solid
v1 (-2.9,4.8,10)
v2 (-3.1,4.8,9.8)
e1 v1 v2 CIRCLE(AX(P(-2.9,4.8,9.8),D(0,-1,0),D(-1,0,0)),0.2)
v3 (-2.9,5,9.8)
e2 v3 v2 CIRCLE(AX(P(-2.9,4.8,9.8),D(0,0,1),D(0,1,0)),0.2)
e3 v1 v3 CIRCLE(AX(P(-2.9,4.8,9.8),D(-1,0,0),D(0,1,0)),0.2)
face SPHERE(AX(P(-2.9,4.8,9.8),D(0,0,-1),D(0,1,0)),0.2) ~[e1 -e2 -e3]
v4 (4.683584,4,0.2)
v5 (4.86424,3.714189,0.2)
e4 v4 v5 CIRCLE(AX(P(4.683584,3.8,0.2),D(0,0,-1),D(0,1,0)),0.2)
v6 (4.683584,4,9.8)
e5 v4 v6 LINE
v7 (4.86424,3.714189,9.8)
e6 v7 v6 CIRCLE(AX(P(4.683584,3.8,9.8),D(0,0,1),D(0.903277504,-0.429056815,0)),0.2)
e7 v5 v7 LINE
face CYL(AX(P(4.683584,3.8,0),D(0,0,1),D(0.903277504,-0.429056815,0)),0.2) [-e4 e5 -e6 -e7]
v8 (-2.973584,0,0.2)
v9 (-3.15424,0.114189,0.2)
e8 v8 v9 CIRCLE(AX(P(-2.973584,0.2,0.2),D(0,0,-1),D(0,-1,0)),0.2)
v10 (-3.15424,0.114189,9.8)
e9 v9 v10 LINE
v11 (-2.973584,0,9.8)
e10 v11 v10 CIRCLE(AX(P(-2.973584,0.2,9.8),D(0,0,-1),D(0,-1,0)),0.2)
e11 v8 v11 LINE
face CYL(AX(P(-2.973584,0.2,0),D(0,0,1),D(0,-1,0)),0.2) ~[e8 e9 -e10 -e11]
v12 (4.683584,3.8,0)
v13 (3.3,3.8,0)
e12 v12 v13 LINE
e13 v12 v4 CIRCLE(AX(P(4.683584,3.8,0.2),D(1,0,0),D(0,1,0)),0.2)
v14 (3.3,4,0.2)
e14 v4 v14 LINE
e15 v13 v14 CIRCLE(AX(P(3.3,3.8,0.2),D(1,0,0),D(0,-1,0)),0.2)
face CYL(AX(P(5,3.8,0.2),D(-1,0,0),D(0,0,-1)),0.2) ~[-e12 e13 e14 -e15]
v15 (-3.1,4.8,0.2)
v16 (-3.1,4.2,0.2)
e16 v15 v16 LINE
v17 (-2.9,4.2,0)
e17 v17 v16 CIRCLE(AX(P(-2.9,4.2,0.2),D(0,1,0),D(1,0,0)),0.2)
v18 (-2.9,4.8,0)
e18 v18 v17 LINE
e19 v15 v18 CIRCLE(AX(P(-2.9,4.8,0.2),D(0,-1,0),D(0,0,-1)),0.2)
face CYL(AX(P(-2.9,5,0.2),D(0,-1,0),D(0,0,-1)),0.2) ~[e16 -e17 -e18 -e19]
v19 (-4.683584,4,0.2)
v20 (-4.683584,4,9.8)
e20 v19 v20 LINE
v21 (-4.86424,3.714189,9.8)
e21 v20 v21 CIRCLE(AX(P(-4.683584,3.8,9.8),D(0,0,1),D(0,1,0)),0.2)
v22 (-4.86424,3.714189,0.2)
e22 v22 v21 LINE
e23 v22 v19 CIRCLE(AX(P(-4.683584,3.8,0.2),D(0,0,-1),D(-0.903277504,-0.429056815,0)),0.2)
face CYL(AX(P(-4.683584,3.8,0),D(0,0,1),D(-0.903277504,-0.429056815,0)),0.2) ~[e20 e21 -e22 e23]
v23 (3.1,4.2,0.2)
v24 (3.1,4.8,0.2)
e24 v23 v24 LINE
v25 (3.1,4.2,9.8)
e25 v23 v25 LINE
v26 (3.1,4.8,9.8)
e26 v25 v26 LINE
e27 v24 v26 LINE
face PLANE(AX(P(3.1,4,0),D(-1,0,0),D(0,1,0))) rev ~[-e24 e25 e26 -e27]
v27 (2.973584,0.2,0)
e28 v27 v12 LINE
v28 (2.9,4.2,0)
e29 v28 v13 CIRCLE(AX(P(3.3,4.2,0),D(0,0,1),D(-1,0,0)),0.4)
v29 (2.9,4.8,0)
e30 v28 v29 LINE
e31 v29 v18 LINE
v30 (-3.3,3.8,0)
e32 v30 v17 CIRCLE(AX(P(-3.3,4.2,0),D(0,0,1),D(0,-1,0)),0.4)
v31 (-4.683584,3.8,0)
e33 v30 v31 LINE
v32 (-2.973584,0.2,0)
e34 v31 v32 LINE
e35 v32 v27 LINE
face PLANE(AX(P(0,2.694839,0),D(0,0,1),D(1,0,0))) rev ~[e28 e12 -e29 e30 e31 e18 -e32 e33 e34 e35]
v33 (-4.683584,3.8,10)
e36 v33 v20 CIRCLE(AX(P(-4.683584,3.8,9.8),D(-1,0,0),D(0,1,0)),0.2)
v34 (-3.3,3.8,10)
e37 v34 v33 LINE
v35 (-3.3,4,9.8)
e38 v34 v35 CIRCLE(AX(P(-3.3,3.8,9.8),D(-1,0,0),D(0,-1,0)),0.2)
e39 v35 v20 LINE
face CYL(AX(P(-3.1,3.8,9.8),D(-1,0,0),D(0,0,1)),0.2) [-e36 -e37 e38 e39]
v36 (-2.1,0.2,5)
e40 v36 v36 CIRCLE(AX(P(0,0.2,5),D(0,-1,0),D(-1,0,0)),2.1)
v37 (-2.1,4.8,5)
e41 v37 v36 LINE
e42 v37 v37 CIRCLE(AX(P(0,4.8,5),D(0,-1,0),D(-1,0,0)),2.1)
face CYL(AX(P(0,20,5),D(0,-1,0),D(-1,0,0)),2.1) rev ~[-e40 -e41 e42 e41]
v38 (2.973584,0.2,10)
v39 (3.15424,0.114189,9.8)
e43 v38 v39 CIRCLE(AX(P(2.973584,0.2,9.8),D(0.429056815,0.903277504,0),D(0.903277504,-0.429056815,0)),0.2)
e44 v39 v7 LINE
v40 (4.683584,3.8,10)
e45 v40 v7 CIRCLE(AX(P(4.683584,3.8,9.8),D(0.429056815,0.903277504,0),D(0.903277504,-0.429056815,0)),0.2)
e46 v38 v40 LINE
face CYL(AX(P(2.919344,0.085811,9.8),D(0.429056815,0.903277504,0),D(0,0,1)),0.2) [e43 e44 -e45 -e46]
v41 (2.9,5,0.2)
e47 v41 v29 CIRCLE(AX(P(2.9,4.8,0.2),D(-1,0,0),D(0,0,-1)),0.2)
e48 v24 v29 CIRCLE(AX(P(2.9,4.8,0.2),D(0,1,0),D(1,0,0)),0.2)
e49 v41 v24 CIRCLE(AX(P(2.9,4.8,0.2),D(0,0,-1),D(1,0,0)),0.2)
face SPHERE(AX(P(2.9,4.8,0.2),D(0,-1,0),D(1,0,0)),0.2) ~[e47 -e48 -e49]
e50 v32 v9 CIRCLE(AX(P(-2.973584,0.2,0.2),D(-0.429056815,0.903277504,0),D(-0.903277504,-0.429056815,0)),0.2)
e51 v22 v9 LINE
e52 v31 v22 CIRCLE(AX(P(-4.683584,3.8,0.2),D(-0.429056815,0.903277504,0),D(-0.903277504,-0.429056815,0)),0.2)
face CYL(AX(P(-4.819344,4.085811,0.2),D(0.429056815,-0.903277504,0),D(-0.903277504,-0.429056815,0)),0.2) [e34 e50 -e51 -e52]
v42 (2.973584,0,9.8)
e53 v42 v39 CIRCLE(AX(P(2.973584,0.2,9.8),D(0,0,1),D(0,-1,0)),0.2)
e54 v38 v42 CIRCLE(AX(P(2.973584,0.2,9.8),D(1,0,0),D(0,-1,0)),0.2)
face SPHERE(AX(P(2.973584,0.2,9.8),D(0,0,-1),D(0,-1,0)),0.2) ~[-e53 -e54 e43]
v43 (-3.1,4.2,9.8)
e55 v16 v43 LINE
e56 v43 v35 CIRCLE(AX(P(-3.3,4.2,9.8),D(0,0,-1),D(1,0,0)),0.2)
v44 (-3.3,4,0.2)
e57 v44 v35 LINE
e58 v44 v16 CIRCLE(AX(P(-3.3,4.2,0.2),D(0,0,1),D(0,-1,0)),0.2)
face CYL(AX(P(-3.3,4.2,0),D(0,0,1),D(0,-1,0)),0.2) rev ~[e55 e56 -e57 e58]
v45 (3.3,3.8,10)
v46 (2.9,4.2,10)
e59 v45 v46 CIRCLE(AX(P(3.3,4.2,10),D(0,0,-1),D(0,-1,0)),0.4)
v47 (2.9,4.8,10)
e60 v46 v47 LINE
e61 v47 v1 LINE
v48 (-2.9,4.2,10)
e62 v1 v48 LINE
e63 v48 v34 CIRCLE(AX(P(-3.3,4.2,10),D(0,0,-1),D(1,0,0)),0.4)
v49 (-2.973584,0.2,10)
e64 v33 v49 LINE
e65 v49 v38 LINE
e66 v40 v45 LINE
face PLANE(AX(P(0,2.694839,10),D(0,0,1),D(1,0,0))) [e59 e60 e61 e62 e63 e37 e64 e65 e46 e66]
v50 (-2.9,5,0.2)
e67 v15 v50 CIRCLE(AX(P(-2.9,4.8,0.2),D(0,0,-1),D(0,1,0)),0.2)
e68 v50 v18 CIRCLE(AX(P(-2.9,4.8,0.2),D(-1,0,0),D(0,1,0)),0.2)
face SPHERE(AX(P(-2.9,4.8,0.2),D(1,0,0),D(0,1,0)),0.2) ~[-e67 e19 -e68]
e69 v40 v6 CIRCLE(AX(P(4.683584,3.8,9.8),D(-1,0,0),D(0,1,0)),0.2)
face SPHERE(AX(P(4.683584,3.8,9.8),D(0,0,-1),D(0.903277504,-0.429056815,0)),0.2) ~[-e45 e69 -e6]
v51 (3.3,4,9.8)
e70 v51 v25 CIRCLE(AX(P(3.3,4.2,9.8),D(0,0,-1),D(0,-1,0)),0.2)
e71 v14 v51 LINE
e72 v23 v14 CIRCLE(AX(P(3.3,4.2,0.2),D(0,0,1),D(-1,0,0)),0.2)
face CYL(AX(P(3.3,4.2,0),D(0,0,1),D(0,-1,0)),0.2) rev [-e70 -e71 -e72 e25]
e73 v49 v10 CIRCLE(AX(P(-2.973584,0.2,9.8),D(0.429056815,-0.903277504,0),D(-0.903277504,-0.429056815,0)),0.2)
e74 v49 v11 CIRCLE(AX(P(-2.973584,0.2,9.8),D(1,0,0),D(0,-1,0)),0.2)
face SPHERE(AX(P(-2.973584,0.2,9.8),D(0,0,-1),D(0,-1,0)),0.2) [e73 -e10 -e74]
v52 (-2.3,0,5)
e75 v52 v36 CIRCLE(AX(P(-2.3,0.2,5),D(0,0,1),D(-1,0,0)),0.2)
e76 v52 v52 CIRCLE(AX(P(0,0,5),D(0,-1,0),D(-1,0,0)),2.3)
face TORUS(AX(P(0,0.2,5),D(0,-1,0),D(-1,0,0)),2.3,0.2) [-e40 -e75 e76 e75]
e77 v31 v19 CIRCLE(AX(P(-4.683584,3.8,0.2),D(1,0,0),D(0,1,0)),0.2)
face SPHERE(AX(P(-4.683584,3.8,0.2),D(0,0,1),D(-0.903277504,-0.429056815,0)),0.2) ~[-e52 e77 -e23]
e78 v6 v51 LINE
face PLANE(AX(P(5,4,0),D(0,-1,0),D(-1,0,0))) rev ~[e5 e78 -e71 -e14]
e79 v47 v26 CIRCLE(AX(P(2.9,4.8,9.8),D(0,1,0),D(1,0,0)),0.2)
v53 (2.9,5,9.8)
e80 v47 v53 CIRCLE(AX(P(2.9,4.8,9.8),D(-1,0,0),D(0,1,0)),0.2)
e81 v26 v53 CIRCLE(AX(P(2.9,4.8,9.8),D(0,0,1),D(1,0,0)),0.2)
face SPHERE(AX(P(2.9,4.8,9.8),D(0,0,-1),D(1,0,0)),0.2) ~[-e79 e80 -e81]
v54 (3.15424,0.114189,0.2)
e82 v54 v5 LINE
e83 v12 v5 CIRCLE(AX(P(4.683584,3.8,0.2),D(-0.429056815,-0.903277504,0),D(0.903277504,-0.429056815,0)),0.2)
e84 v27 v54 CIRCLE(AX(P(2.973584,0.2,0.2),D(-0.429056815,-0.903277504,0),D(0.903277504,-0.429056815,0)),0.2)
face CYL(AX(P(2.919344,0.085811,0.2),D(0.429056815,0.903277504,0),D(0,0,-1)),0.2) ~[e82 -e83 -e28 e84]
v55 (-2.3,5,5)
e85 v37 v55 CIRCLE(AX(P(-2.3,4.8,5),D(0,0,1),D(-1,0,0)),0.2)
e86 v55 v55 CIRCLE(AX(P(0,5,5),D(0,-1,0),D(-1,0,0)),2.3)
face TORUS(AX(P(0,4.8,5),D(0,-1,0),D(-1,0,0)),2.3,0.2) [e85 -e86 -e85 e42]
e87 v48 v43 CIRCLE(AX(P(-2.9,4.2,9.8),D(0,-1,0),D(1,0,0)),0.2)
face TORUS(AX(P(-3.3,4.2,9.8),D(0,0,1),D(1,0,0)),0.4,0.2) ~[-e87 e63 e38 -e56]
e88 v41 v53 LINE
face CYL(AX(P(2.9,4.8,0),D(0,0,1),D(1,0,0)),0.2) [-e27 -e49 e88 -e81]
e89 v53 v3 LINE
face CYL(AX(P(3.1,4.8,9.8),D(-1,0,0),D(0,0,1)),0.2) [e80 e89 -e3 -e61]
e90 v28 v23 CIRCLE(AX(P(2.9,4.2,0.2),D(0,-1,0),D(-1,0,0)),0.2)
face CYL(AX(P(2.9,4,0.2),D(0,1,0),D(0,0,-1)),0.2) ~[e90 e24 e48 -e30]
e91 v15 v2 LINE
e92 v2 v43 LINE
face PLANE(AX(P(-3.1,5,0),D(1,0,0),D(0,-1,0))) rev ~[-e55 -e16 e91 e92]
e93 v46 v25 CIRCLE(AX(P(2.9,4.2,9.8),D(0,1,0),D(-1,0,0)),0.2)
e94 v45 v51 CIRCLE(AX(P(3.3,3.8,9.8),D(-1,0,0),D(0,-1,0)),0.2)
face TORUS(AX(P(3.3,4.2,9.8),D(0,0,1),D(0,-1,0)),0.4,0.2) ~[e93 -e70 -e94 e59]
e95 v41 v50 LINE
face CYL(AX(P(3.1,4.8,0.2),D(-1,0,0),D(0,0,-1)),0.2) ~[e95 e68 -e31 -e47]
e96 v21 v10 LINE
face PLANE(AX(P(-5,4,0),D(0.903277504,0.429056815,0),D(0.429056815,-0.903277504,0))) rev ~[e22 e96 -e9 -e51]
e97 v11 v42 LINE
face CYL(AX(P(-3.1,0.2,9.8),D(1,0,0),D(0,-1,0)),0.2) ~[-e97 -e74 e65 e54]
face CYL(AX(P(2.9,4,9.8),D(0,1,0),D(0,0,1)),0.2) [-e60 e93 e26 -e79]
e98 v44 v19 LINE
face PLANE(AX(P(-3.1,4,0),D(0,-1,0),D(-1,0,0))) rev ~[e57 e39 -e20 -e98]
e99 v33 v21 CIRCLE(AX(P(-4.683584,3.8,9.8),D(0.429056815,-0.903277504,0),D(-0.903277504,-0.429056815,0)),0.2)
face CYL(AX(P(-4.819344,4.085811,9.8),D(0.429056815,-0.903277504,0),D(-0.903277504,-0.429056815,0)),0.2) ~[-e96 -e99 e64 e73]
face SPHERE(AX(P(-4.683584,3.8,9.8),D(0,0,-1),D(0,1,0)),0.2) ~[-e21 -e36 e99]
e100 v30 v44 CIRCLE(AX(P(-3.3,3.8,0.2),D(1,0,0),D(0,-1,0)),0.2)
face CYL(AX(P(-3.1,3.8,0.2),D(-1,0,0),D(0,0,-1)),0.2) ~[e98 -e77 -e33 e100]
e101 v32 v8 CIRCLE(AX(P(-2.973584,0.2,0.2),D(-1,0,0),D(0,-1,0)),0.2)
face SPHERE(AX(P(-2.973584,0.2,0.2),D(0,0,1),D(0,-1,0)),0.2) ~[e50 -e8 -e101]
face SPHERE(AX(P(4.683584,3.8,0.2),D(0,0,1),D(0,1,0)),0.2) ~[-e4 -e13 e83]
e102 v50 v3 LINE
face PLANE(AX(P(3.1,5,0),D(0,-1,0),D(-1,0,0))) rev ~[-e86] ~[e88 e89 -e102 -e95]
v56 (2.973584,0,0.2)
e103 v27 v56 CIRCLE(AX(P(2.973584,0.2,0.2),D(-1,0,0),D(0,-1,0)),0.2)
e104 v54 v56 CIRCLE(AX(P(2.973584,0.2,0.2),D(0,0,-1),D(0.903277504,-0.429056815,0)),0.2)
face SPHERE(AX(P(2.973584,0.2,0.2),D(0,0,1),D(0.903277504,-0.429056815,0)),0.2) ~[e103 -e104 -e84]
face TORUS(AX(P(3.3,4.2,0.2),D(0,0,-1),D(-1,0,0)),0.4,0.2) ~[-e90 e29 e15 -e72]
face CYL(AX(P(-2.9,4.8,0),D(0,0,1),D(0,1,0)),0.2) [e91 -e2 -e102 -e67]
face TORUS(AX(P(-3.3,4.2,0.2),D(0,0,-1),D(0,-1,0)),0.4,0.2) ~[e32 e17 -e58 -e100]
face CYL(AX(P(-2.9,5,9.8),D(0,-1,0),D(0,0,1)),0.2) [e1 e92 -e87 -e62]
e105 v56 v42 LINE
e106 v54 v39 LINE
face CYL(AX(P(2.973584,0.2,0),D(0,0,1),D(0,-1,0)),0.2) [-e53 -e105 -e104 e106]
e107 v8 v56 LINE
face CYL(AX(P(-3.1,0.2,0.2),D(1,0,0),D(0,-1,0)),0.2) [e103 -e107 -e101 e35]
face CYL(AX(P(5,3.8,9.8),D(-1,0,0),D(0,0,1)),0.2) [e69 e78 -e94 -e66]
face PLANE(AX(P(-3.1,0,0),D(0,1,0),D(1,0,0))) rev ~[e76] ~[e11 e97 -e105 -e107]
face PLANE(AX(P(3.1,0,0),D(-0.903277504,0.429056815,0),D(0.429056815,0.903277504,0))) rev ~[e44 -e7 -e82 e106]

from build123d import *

# Parameters (mm, degrees)
NUTEXTRUSION_DEPTH    = 10
M5X0_8_TAPPED_HOLE1_D = 4.2
FILLET1_R             = 0.2


with BuildPart() as part:
    # MainSketch → NutExtrusion (new body)
    with BuildSketch(Plane.XY):
        Polygon((-3.1, 0), (3.1, 0), (5, 4), (3.1, 4), (3.1, 5), (-3.1, 5), (-3.1, 4), (-5, 4), align=None)
    extrude(amount=NUTEXTRUSION_DEPTH)

    # M5x0.8 Tapped Hole1 (through all)
    with Locations(Plane(origin=(0, 5, 0), x_dir=(1, 0, 0), z_dir=(0, 1, 0))):
        with Locations((0, -5)):
            Hole(M5X0_8_TAPPED_HOLE1_D / 2)

    # Fillet1
    fillet1_edges = [part.edges().sort_by_distance(p)[0] for p in [
        (4.05, 4, 0),
        (3.1, 4, 5),
        (3.1, 4.5, 0),
        (3.1, 5, 5),
        (0, 5, 0),
        (-3.1, 5, 5),
        (-3.1, 4.5, 0),
        (2.1, 5, 5),
        (2.1, 0, 5),
        (-3.1, 4, 5),
        (-4.05, 4, 0),
        (-5, 4, 5),
        (-4.05, 2, 0),
        (-3.1, 0, 5),
        (0, 0, 0),
        (0, 0, 10),
        (4.05, 2, 10),
        (4.05, 4, 10),
        (3.1, 4.5, 10),
        (0, 5, 10),
        (-3.1, 4.5, 10),
        (-4.05, 4, 10),
        (-4.05, 2, 10),
        (3.1, 0, 5),
        (4.05, 2, 0),
        (5, 4, 5),
    ]]
    fillet(fillet1_edges, radius=FILLET1_R)


solid = part.part
